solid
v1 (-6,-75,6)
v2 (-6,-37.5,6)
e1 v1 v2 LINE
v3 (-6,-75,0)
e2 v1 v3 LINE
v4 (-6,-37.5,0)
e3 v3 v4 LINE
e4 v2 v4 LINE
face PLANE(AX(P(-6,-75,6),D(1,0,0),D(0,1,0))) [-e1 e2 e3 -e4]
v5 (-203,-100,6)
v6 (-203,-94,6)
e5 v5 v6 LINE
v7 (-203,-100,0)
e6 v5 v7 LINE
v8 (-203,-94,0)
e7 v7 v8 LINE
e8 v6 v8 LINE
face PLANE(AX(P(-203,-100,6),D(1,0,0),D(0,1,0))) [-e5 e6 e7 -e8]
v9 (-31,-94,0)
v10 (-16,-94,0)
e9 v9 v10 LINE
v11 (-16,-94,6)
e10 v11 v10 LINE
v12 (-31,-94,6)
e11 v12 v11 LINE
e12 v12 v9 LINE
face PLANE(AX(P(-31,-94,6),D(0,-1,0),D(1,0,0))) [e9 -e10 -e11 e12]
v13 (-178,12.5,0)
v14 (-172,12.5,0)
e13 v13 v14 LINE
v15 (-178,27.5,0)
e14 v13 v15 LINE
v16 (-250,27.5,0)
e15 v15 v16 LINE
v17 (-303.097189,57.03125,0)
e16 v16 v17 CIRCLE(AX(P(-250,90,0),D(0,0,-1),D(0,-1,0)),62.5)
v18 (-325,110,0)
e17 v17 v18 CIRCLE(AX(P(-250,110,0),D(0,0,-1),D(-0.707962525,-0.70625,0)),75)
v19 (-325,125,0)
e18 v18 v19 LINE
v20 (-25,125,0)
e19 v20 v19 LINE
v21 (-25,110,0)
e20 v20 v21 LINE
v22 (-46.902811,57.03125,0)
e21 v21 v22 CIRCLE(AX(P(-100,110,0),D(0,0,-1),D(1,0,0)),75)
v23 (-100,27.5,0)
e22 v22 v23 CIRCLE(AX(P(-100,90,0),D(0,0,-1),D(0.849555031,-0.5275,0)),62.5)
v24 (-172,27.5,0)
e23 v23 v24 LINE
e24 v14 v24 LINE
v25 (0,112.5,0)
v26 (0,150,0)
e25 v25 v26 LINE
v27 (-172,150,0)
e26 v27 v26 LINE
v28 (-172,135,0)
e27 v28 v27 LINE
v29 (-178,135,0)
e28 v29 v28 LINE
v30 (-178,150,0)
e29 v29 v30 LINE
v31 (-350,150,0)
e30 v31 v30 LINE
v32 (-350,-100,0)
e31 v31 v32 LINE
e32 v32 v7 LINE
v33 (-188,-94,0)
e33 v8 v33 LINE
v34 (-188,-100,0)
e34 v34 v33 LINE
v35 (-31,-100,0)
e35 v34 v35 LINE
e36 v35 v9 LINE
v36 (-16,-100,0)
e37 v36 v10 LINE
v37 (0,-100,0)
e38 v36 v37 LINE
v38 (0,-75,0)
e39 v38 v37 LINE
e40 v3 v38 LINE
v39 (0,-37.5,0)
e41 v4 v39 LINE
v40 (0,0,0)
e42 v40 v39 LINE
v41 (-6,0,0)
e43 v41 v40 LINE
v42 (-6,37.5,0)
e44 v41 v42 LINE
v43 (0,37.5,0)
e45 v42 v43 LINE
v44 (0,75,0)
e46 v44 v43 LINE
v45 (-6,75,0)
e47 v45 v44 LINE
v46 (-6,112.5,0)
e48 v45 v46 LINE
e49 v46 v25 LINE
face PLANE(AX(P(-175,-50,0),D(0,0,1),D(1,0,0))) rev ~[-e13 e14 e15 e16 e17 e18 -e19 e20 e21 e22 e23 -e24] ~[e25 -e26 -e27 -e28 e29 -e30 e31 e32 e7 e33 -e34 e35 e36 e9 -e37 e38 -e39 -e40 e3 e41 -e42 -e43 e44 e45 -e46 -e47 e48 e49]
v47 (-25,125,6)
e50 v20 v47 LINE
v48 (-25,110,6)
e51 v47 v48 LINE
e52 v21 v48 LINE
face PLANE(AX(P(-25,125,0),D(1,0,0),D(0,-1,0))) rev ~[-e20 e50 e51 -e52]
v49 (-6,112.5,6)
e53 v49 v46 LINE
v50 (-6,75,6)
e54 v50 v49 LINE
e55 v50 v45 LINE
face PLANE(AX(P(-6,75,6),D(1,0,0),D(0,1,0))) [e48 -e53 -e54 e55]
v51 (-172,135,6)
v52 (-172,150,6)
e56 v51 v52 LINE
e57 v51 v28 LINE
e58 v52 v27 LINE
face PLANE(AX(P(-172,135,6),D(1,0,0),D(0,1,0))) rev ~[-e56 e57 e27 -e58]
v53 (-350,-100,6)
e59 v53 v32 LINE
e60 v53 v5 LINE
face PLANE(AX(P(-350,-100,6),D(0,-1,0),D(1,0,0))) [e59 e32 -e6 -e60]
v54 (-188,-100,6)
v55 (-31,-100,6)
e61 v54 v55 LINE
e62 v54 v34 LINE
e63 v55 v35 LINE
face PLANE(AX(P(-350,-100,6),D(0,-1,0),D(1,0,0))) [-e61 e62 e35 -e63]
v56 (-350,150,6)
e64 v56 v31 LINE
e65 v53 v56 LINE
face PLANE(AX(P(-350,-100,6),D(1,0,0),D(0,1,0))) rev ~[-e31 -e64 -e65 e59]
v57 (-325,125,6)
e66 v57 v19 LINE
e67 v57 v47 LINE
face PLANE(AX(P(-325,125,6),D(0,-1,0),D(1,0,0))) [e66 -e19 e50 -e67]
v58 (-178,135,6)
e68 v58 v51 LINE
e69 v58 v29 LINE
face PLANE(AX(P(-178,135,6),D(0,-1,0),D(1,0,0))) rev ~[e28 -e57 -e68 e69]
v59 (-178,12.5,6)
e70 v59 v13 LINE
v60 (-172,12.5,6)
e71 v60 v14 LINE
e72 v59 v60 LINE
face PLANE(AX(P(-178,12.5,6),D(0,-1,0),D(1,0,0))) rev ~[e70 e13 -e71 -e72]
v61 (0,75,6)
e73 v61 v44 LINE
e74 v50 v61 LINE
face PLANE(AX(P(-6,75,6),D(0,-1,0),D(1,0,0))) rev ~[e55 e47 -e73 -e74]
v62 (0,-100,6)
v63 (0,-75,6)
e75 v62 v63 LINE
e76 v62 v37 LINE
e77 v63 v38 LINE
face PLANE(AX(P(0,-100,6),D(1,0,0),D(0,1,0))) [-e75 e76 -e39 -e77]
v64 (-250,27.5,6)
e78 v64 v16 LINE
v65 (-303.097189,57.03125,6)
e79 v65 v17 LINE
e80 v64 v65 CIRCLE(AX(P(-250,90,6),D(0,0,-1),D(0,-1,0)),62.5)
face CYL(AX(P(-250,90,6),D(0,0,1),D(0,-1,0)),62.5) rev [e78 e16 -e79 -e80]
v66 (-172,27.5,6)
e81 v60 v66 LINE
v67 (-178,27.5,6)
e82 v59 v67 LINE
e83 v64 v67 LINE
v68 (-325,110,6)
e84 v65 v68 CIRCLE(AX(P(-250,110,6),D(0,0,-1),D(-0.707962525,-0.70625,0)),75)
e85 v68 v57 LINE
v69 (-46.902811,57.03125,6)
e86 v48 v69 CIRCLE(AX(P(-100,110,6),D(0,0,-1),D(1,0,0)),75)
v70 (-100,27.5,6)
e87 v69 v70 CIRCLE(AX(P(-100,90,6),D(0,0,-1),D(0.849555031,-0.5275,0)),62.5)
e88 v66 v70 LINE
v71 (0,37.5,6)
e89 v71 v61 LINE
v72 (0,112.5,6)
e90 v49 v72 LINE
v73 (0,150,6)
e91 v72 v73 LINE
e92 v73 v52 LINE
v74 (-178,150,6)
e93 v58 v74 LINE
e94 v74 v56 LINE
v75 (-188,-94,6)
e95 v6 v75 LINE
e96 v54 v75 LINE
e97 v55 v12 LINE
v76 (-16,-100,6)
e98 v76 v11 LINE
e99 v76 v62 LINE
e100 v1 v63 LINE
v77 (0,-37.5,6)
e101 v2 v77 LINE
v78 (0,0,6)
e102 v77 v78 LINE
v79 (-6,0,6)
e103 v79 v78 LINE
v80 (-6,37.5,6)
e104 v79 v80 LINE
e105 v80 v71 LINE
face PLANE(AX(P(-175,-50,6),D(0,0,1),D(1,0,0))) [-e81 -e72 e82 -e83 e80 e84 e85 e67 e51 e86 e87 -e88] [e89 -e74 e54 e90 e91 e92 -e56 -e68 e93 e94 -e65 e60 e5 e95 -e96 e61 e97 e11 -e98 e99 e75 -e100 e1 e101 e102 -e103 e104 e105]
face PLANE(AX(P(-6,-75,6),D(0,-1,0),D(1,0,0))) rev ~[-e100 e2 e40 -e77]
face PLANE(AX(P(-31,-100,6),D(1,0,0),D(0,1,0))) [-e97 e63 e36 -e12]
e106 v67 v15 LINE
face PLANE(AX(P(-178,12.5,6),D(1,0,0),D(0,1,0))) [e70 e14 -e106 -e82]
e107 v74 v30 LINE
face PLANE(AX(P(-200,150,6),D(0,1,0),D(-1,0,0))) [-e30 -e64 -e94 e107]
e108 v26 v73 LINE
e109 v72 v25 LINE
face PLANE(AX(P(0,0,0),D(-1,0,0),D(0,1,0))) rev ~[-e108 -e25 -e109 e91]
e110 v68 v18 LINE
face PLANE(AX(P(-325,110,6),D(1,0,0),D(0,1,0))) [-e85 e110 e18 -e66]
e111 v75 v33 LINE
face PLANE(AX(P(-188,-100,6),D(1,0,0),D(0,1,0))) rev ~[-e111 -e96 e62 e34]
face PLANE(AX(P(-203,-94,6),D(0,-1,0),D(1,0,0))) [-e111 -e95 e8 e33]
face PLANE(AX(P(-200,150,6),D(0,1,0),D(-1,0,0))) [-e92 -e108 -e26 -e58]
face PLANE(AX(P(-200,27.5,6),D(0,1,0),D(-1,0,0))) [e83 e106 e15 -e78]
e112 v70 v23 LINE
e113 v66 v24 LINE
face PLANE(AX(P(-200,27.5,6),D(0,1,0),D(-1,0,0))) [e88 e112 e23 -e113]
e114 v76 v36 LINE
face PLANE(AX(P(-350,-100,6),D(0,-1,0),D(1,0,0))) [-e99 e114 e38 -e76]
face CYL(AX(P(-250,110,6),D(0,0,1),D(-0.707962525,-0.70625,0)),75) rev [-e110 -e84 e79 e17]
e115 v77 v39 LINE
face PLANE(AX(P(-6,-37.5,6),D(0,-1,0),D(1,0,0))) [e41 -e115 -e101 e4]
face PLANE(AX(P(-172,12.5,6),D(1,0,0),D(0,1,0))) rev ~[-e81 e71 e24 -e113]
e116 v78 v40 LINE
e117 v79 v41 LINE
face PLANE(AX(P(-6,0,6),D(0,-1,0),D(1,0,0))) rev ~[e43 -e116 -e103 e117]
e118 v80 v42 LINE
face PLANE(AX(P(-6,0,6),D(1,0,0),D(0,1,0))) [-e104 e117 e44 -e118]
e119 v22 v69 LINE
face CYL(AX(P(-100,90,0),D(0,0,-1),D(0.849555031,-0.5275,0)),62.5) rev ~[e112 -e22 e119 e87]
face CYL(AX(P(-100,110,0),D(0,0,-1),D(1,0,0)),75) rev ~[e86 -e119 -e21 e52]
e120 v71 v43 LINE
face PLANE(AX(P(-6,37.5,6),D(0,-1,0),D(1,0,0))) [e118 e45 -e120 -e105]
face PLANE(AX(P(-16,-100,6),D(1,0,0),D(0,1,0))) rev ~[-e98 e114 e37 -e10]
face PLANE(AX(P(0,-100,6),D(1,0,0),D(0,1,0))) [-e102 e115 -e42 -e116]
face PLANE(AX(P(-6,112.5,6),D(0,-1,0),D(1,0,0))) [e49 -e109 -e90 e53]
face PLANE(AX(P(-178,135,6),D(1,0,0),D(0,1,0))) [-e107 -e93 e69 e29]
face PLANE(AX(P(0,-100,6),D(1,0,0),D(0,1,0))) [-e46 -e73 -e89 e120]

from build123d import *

# Parameters (mm, degrees)
SKETCH1_W           = 200
SKETCH1_H           = 150
BOSS_EXTRUDE1_DEPTH = 6
SKETCH3_W           = 100
SKETCH3_H           = 97.5
CUT_EXTRUDE1_DEPTH  = 6
BOSS_EXTRUDE3_DEPTH = 6
SKETCH5_W           = 6
SKETCH5_H           = 15
CUT_EXTRUDE2_DEPTH  = 6
SKETCH6_W           = 6
SKETCH6_H           = 37.5
CUT_EXTRUDE3_DEPTH  = 6
SKETCH8_W           = 350
SKETCH8_H           = 100
BOSS_EXTRUDE4_DEPTH = 6
LPATTERN1_COUNT     = 3
LPATTERN1_PITCH     = 75
SKETCH7_W           = 15
SKETCH7_H           = 6
CUT_EXTRUDE_S_DEPTH = 381.835922675


with BuildPart() as part:
    # Sketch1 → Boss-Extrude1 (new body)
    with BuildSketch(Plane.XY):
        with Locations((-100, 75)):
            Rectangle(SKETCH1_W, SKETCH1_H)
        with BuildLine():
            Line((-175, 110), (-175, 125))
            Line((-175, 125), (-25, 125))
            Line((-25, 125), (-25, 110))
            ThreePointArc((-25, 110), (-30.691670032, 81.340701386), (-46.902810588, 57.03125))
            ThreePointArc((-46.902810588, 57.03125), (-100, 27.5), (-153.097189412, 57.03125))
            ThreePointArc((-153.097189412, 57.03125), (-169.308329968, 81.340701386), (-175, 110))
        make_face(mode=Mode.SUBTRACT)
    extrude(amount=BOSS_EXTRUDE1_DEPTH)

    # Sketch3 → Cut-Extrude1 (cut)
    with BuildSketch(Plane.XY.offset(6)):
        with Locations((-150, 76.25)):
            Rectangle(SKETCH3_W, SKETCH3_H)
    extrude(amount=-CUT_EXTRUDE1_DEPTH, mode=Mode.SUBTRACT)

    # Sketch4 → Boss-Extrude3 (add)
    with BuildSketch(Plane.XY.offset(6)):
        with BuildLine():
            Line((-200, 27.5), (-250, 27.5))
            ThreePointArc((-250, 27.5), (-280.378472024, 35.379505335), (-303.097189412, 57.03125))
            ThreePointArc((-303.097189412, 57.03125), (-319.308329968, 81.340701386), (-325, 110))
            Line((-325, 110), (-325, 125))
            Line((-325, 125), (-200, 125))
            Line((-200, 125), (-200, 150))
            Line((-200, 150), (-350, 150))
            Line((-350, 150), (-350, 0))
            Line((-350, 0), (-200, 0))
            Line((-200, 0), (-200, 27.5))
        make_face()
    extrude(amount=-BOSS_EXTRUDE3_DEPTH)

    # Sketch5 → Cut-Extrude2 (cut)
    with BuildSketch(Plane.XY.offset(6)):
        with Locations((-175, 142.5)):
            Rectangle(SKETCH5_W, SKETCH5_H)
        with Locations((-175, 20)):
            Rectangle(SKETCH5_W, SKETCH5_H)
    extrude(amount=-CUT_EXTRUDE2_DEPTH, mode=Mode.SUBTRACT)

    # Sketch6 → Cut-Extrude3 (cut)
    with BuildSketch(Plane.XY.offset(6)):
        with Locations((-3, 93.75)):
            Rectangle(SKETCH6_W, SKETCH6_H)
    cut_extrude3 = extrude(amount=-CUT_EXTRUDE3_DEPTH, mode=Mode.SUBTRACT)

    # Sketch8 → Boss-Extrude4 (add)
    with BuildSketch(Plane.XY.offset(6)):
        with Locations((-175, -50)):
            Rectangle(SKETCH8_W, SKETCH8_H)
    extrude(amount=-BOSS_EXTRUDE4_DEPTH)

    # LPattern1: Cut-Extrude3 ×3
    with Locations(*[(0, -i * LPATTERN1_PITCH, 0) for i in range(1, LPATTERN1_COUNT)]):
        add(cut_extrude3, mode=Mode.SUBTRACT)

    # Sketch7 → Cut-Extrude s (cut, through all)
    with BuildSketch(Plane.XY.offset(6)):
        with Locations((-23.5, -97)):
            Rectangle(SKETCH7_W, SKETCH7_H)
        with Locations((-195.5, -97)):
            Rectangle(SKETCH7_W, SKETCH7_H)
    extrude(amount=-CUT_EXTRUDE_S_DEPTH, mode=Mode.SUBTRACT)


solid = part.part
